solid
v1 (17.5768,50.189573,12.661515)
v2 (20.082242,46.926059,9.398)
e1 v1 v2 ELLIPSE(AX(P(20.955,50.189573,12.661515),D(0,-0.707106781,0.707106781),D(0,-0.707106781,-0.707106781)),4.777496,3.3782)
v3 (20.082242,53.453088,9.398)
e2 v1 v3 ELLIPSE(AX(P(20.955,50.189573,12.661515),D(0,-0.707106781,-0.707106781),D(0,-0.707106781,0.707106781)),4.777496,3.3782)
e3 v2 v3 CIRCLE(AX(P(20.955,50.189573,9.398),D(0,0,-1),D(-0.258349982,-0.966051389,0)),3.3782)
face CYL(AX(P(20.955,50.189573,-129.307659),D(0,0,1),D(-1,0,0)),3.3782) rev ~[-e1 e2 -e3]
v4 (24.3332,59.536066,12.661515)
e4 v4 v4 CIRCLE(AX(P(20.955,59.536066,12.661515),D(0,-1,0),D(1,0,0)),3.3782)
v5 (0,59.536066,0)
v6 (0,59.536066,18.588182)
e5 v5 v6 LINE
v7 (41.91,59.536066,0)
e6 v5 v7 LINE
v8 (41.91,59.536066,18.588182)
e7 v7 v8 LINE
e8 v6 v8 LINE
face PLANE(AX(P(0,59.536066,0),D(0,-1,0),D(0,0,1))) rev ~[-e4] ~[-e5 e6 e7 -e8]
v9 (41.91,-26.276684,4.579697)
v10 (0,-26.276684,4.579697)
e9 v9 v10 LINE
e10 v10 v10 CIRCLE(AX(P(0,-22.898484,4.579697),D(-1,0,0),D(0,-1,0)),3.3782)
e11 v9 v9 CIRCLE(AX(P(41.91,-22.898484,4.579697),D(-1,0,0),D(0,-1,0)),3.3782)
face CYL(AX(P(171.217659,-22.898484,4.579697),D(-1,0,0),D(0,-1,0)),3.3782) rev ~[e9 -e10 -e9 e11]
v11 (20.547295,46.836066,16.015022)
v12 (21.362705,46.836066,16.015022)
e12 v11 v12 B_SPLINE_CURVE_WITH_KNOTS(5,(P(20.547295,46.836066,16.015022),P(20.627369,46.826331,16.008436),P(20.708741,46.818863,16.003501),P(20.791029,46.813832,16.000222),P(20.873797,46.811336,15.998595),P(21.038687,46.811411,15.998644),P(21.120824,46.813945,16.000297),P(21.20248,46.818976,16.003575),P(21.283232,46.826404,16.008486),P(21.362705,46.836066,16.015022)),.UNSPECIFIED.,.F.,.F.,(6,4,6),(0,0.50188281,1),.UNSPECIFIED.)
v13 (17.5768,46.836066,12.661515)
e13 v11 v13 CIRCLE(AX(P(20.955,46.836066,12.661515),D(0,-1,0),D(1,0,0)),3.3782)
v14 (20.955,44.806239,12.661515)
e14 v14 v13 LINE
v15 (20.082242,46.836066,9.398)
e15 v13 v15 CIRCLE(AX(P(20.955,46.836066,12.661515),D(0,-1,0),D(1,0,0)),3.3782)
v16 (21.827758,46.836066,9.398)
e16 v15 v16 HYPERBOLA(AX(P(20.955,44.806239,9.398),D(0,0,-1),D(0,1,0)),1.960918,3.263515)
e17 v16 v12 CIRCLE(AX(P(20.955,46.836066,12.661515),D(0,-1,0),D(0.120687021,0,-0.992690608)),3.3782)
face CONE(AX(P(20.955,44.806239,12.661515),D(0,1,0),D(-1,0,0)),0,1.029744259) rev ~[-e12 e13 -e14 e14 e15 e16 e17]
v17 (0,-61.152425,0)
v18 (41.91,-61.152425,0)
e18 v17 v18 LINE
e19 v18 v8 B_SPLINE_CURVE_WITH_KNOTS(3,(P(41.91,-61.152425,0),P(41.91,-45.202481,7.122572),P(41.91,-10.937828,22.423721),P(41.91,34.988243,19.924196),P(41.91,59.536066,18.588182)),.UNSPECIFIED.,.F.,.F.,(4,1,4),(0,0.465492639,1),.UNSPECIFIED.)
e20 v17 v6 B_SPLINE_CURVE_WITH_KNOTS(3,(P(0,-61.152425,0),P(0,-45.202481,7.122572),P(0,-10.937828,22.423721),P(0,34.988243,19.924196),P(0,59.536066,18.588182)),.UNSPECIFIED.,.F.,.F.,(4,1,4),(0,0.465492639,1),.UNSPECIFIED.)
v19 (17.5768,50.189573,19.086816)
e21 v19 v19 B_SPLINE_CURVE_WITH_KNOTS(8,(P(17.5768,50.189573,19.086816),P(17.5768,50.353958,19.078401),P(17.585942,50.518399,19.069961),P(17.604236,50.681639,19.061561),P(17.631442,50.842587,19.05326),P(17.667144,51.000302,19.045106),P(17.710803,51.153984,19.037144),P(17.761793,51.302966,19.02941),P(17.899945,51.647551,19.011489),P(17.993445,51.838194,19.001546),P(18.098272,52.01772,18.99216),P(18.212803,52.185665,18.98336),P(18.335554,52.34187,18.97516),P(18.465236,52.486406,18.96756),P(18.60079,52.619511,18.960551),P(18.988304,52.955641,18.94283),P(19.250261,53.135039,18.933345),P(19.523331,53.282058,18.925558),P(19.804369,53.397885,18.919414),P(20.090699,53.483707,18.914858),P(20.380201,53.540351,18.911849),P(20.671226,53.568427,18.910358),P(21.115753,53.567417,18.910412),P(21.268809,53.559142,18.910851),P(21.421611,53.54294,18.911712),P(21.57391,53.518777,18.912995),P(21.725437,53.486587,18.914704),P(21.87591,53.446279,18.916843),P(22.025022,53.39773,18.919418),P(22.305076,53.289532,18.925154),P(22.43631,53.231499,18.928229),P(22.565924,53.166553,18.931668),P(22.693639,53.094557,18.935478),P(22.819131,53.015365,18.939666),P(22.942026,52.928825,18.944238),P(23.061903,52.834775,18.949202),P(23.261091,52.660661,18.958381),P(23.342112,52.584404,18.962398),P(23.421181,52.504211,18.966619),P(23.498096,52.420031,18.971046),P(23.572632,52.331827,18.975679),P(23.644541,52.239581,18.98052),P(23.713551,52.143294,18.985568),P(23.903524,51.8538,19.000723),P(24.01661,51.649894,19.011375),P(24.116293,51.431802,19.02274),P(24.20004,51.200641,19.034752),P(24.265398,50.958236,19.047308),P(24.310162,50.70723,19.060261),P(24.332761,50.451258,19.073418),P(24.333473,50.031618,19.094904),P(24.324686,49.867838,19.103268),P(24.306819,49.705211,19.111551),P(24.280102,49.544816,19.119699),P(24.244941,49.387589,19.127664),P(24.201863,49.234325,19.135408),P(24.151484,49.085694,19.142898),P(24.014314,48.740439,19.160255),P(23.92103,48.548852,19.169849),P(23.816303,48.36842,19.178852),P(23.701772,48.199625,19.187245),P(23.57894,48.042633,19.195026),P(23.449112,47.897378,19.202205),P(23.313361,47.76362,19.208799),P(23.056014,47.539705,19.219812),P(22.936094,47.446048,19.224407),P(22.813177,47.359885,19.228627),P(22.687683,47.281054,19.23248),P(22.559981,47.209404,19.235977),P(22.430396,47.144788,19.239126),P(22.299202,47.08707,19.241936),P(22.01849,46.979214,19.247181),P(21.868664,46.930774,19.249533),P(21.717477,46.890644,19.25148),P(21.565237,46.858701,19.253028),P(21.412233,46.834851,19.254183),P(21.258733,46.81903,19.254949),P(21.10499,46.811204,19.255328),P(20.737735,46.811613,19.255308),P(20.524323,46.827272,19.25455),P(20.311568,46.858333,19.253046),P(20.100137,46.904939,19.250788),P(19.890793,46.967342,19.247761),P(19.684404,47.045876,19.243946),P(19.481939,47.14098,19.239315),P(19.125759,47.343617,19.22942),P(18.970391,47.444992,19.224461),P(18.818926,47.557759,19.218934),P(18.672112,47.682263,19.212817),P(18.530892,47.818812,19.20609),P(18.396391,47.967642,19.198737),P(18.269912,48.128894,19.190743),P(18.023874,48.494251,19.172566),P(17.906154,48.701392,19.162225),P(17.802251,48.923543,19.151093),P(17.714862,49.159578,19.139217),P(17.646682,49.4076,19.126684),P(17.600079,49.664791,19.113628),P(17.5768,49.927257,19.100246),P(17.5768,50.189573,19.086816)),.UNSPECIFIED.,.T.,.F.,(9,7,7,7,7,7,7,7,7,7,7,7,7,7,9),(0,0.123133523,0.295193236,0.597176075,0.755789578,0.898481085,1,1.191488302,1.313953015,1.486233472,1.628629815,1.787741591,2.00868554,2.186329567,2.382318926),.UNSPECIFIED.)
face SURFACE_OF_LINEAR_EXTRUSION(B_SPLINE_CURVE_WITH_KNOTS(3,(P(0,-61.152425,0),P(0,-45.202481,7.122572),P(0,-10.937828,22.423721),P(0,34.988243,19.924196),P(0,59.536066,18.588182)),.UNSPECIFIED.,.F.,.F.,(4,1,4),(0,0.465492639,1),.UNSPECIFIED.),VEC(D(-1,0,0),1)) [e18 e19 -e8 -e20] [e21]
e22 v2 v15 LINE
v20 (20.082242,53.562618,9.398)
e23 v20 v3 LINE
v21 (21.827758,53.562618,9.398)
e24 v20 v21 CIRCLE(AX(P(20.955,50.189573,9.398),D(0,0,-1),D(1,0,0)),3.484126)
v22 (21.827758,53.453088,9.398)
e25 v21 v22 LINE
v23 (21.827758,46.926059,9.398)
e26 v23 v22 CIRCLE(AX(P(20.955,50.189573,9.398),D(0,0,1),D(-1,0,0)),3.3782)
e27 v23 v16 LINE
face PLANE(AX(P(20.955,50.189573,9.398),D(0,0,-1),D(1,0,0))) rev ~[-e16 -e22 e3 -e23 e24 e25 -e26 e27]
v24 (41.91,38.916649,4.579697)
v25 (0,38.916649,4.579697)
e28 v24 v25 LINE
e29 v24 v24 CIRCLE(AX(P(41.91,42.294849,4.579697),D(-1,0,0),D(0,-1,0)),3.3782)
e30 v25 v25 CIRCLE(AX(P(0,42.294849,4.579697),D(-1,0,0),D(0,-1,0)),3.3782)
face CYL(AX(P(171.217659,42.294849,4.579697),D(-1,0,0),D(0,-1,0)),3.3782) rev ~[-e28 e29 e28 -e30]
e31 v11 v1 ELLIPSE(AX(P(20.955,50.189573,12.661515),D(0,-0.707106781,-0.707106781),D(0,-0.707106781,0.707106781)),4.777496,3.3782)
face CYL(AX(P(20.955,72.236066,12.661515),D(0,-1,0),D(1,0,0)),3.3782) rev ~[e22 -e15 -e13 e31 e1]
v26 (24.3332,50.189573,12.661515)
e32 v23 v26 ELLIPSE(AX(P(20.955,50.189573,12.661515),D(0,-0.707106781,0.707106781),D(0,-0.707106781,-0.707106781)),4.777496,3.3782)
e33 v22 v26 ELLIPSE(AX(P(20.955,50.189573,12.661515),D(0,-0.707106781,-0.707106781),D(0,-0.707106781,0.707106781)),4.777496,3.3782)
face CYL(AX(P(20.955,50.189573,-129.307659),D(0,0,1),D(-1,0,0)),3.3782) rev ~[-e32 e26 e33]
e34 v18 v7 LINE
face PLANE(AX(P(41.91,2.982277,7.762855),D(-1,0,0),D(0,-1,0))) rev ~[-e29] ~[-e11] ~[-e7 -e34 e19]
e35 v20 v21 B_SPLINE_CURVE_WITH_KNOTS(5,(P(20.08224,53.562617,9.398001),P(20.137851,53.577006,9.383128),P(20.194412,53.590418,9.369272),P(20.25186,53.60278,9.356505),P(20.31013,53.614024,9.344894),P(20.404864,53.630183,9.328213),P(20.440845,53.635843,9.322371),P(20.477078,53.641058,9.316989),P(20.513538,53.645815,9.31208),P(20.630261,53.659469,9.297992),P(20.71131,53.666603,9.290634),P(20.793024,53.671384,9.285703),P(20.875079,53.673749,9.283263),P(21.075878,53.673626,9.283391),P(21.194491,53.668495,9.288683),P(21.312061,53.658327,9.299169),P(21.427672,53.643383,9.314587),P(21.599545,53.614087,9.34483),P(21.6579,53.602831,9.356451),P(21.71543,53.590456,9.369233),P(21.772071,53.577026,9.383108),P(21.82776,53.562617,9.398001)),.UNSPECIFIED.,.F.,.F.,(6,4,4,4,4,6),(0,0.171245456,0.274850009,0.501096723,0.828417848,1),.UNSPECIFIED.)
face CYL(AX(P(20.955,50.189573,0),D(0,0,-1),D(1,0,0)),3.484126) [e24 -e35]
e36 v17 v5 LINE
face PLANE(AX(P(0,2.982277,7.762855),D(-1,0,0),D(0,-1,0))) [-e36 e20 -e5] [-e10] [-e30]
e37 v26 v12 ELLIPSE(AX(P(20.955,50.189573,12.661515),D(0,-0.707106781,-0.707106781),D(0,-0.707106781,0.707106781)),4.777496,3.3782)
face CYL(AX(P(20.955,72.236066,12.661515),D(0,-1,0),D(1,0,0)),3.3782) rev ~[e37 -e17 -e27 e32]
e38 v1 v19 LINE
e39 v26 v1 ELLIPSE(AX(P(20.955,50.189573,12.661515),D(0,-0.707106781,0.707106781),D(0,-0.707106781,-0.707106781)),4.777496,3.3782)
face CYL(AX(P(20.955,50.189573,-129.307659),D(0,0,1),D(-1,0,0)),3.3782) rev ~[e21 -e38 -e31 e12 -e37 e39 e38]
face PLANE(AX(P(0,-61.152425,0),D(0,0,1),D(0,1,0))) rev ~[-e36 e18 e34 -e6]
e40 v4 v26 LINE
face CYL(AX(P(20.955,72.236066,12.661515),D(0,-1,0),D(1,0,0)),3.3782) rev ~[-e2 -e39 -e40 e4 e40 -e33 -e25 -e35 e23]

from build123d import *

# Parameters (mm, degrees)
F1_DEPTH = 41.91
F3_D     = 6.7564
F5_D     = 6.7564
F5_DEPTH = 12.7
F5_TIP   = 2.0298273432
F7_D     = 6.7564
F8_R     = 3.4841261701
F9_DEPTH = 9.398


with BuildPart() as f1:
    # F0 (on Right) → F1 (new body)
    with BuildSketch(Plane.YZ):
        with BuildLine():
            add(Edge.make_bspline(
                [(-61.1524246633, 0), (-45.2024810028, 7.122572143), (-10.9378282084, 22.4237209544), (34.9882428649, 19.9241960467), (59.5360659063, 18.5881815851)],
                knots=[0, 0, 0, 0, 0.4654926392, 1, 1, 1, 1], degree=3))
            Line((-61.1524246633, 0), (59.5360659063, 0))
            Line((59.5360659063, 0), (59.5360659063, 18.5881815851))
        make_face()
    extrude(amount=F1_DEPTH)

    # F3 (through all)
    with Locations(Plane.YZ.offset(41.91)):
        with Locations((-22.8984840214, 4.5796968043), (42.2948487103, 4.5796968043)):
            Hole(F3_D / 2)

    # F5
    with Locations(Plane(origin=(0, 59.5360659063, 0), x_dir=(-1, 0, 0), z_dir=(0, 1, 0))):
        with Locations((-20.955, 12.6615148038)):
            Hole(F5_D / 2, depth=F5_DEPTH)
            with Locations((0, 0, -(F5_DEPTH + F5_TIP / 2))):  # 118° drill point
                Cone(0, F5_D / 2, F5_TIP, mode=Mode.SUBTRACT)

    # F7 (through all)
    with Locations(Plane(origin=(0, 0, 0), x_dir=(1, 0, 0), z_dir=(0, 0, -1))):
        with Locations((20.955, -50.1895733178)):
            Hole(F7_D / 2)

    # F8 (on face) → F9 (join)
    with BuildSketch(Plane(origin=(0, 0, 0), x_dir=(1, 0, 0), z_dir=(0, 0, -1))):
        with Locations((20.955, -50.1895733178)):
            Circle(F8_R)
    extrude(amount=-F9_DEPTH)


solid = f1.part
